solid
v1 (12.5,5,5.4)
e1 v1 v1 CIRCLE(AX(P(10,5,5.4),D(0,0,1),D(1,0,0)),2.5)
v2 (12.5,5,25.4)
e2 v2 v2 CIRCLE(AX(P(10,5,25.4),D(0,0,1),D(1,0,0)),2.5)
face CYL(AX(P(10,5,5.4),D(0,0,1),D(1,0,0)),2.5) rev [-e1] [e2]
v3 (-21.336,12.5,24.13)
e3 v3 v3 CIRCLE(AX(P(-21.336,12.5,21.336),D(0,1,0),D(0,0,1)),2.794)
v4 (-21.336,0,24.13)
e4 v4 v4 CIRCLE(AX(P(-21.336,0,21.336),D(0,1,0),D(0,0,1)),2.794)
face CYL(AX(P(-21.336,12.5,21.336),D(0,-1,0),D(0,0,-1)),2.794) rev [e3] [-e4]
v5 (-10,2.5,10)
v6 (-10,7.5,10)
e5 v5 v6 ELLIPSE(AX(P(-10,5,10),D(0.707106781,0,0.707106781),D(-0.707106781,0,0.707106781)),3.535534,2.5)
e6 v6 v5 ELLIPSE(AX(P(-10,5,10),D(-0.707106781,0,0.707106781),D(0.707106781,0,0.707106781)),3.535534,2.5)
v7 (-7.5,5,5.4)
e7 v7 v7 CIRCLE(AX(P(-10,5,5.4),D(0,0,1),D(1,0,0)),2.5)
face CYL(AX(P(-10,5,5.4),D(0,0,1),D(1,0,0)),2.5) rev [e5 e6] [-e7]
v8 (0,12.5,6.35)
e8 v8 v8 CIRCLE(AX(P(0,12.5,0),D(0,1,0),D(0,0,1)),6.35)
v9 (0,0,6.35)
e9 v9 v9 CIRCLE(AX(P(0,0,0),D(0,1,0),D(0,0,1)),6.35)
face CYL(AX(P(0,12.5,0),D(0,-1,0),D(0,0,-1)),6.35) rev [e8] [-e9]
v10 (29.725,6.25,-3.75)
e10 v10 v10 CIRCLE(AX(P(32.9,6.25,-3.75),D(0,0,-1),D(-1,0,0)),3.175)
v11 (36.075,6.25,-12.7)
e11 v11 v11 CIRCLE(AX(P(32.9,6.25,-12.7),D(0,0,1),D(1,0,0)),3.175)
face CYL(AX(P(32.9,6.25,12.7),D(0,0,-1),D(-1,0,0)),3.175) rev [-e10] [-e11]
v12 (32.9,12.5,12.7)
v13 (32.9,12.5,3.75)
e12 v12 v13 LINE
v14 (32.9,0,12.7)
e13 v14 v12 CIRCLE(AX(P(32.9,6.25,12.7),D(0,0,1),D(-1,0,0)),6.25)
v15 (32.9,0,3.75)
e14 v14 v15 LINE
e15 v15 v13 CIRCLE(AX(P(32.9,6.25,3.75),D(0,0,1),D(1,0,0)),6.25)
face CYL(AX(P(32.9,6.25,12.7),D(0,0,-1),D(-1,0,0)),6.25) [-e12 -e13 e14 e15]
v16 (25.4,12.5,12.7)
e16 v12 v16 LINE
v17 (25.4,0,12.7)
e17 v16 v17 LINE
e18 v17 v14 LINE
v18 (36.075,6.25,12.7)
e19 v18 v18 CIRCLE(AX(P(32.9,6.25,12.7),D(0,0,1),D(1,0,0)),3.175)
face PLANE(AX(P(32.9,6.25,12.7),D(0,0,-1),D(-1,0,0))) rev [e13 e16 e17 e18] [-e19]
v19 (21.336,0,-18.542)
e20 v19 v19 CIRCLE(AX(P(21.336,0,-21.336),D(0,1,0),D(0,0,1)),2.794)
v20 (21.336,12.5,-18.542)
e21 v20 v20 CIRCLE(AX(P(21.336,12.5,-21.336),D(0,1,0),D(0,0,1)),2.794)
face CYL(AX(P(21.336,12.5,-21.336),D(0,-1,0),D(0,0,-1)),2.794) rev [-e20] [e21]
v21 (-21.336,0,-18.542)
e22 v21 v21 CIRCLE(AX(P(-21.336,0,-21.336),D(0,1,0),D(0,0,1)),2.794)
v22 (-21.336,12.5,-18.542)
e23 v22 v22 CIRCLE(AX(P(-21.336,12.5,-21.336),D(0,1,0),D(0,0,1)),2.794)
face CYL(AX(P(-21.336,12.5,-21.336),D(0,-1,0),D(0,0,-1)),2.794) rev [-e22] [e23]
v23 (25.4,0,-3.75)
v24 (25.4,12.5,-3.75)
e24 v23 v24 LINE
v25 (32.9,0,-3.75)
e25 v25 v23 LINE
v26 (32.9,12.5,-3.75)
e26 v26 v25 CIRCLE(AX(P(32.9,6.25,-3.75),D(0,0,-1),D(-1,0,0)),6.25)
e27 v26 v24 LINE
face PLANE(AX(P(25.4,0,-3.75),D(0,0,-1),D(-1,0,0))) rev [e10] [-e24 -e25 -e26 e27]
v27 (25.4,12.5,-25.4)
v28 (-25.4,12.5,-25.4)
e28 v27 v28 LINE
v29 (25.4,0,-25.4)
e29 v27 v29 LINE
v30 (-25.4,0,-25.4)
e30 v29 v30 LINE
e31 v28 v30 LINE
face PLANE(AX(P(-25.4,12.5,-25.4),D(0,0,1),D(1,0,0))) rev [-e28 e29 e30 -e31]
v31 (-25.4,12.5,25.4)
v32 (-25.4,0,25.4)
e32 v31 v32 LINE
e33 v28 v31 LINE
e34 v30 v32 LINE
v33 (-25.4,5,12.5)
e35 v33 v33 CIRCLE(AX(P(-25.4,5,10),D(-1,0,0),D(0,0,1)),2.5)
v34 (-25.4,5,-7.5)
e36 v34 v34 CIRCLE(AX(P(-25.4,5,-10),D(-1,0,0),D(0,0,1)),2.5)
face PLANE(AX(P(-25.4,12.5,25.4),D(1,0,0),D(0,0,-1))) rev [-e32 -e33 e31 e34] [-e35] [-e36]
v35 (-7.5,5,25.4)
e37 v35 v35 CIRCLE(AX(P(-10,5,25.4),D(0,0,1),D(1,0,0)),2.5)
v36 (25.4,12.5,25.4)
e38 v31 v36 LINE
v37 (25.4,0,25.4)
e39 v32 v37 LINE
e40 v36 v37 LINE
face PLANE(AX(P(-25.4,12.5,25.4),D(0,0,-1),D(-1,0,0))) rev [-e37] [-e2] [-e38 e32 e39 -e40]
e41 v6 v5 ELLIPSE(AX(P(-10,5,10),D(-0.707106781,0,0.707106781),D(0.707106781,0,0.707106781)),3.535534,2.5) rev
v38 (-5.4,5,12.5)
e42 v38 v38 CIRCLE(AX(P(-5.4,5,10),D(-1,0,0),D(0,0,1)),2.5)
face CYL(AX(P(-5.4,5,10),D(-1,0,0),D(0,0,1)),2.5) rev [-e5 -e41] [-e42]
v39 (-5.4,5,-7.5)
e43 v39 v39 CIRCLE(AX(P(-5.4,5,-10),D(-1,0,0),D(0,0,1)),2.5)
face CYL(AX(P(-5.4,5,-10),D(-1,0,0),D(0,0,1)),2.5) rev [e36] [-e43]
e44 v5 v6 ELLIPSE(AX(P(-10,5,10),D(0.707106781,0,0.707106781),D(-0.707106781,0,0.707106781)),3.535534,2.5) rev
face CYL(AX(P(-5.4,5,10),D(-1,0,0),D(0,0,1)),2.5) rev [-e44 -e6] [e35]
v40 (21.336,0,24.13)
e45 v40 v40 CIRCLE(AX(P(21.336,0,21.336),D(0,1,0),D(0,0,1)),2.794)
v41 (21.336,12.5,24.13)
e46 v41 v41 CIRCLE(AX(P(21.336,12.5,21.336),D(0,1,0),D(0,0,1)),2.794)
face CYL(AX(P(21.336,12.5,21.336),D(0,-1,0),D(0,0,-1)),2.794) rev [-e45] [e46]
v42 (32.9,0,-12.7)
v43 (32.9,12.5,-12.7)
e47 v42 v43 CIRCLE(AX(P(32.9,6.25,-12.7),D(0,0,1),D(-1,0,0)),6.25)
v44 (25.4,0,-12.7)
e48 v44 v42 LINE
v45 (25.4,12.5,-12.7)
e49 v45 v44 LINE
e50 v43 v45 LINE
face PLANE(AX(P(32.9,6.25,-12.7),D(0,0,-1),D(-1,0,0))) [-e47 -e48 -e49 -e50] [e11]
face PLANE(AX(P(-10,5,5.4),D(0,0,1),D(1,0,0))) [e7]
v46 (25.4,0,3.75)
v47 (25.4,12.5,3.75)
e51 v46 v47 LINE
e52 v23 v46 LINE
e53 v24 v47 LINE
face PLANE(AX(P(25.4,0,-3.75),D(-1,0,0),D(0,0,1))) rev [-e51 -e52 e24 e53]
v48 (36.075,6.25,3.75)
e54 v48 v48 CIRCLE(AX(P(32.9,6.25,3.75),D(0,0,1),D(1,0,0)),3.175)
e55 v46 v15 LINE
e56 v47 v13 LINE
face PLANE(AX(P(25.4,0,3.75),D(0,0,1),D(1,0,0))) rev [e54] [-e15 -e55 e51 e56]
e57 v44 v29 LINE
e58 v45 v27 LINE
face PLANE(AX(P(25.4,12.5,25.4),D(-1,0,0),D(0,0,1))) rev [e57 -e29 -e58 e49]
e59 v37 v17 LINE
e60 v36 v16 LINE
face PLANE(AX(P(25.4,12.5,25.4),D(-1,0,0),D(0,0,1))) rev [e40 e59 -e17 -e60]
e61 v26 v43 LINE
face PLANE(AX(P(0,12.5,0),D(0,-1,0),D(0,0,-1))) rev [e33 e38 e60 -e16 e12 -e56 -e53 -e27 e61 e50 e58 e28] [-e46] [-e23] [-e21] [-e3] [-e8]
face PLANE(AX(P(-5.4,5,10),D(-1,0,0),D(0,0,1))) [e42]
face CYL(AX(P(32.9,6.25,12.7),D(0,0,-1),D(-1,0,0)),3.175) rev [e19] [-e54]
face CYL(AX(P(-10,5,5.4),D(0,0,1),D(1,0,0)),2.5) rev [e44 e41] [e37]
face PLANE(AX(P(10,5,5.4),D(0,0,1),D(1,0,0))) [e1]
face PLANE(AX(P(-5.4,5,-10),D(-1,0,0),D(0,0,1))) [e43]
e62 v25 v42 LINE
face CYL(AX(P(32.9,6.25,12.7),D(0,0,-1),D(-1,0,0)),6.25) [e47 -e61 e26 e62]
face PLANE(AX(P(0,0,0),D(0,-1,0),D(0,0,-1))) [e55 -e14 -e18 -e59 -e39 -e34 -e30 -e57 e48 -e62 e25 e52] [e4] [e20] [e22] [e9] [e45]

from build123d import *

# Parameters (mm, degrees)
SKETCH1_W           = 50.8
SKETCH1_H           = 50.8
SKETCH1_R           = 2.794
SKETCH1_R_2         = 6.35
BOSS_EXTRUDE1_DEPTH = 12.5
SKETCH4_R           = 3.175
BOSS_EXTRUDE2_DEPTH = 12.7
SKETCH5_W           = 13.75
SKETCH5_H           = 7.5
CUT_EXTRUDE2_DEPTH  = 13.5
SKETCH14_R          = 2.5
CUT_EXTRUDE7_DEPTH  = 20
SKETCH15_R          = 2.5
CUT_EXTRUDE8_DEPTH  = 20


with BuildPart() as part:
    # Sketch1 → Boss-Extrude1 (new body)
    with BuildSketch(Plane(origin=(0, 0, 0), x_dir=(1, 0, 0), z_dir=(0, 1, 0))):
        Rectangle(SKETCH1_W, SKETCH1_H)
        with Locations((-21.336, -21.336)):
            Circle(SKETCH1_R, mode=Mode.SUBTRACT)
        with Locations((21.336, -21.336)):
            Circle(SKETCH1_R, mode=Mode.SUBTRACT)
        with Locations((21.336, 21.336)):
            Circle(SKETCH1_R, mode=Mode.SUBTRACT)
        with Locations((-21.336, 21.336)):
            Circle(SKETCH1_R, mode=Mode.SUBTRACT)
        Circle(SKETCH1_R_2, mode=Mode.SUBTRACT)
    extrude(amount=BOSS_EXTRUDE1_DEPTH)

    # Sketch4 → Boss-Extrude2 (add, symmetric)
    with BuildSketch(Plane.XY):
        with BuildLine():
            Line((25.4, 0), (32.9, 0))
            ThreePointArc((32.9, 0), (39.15, 6.25), (32.9, 12.5))
            Line((32.9, 12.5), (25.4, 12.5))
            Line((25.4, 12.5), (25.4, 0))
        make_face()
        with Locations((32.9, 6.25)):
            Circle(SKETCH4_R, mode=Mode.SUBTRACT)
    extrude(amount=BOSS_EXTRUDE2_DEPTH, both=True)

    # Sketch5 → Cut-Extrude2 (cut, through all)
    with BuildSketch(Plane(origin=(0, 12.5, 0), x_dir=(1, 0, 0), z_dir=(0, 1, 0))):
        with Locations((32.275, 0)):
            Rectangle(SKETCH5_W, SKETCH5_H)
    extrude(amount=-CUT_EXTRUDE2_DEPTH, mode=Mode.SUBTRACT)

    # Sketch14 → Cut-Extrude7 (cut)
    with BuildSketch(Plane.XY.offset(25.4)):
        with Locations((-10, 5)):
            Circle(SKETCH14_R)
        with Locations((10, 5)):
            Circle(SKETCH14_R)
    extrude(amount=-CUT_EXTRUDE7_DEPTH, mode=Mode.SUBTRACT)

    # Sketch15 → Cut-Extrude8 (cut)
    with BuildSketch(Plane.ZY.offset(25.4)):
        with Locations((-10, 5)):
            Circle(SKETCH15_R)
        with Locations((10, 5)):
            Circle(SKETCH15_R)
    extrude(amount=-CUT_EXTRUDE8_DEPTH, mode=Mode.SUBTRACT)


solid = part.part
